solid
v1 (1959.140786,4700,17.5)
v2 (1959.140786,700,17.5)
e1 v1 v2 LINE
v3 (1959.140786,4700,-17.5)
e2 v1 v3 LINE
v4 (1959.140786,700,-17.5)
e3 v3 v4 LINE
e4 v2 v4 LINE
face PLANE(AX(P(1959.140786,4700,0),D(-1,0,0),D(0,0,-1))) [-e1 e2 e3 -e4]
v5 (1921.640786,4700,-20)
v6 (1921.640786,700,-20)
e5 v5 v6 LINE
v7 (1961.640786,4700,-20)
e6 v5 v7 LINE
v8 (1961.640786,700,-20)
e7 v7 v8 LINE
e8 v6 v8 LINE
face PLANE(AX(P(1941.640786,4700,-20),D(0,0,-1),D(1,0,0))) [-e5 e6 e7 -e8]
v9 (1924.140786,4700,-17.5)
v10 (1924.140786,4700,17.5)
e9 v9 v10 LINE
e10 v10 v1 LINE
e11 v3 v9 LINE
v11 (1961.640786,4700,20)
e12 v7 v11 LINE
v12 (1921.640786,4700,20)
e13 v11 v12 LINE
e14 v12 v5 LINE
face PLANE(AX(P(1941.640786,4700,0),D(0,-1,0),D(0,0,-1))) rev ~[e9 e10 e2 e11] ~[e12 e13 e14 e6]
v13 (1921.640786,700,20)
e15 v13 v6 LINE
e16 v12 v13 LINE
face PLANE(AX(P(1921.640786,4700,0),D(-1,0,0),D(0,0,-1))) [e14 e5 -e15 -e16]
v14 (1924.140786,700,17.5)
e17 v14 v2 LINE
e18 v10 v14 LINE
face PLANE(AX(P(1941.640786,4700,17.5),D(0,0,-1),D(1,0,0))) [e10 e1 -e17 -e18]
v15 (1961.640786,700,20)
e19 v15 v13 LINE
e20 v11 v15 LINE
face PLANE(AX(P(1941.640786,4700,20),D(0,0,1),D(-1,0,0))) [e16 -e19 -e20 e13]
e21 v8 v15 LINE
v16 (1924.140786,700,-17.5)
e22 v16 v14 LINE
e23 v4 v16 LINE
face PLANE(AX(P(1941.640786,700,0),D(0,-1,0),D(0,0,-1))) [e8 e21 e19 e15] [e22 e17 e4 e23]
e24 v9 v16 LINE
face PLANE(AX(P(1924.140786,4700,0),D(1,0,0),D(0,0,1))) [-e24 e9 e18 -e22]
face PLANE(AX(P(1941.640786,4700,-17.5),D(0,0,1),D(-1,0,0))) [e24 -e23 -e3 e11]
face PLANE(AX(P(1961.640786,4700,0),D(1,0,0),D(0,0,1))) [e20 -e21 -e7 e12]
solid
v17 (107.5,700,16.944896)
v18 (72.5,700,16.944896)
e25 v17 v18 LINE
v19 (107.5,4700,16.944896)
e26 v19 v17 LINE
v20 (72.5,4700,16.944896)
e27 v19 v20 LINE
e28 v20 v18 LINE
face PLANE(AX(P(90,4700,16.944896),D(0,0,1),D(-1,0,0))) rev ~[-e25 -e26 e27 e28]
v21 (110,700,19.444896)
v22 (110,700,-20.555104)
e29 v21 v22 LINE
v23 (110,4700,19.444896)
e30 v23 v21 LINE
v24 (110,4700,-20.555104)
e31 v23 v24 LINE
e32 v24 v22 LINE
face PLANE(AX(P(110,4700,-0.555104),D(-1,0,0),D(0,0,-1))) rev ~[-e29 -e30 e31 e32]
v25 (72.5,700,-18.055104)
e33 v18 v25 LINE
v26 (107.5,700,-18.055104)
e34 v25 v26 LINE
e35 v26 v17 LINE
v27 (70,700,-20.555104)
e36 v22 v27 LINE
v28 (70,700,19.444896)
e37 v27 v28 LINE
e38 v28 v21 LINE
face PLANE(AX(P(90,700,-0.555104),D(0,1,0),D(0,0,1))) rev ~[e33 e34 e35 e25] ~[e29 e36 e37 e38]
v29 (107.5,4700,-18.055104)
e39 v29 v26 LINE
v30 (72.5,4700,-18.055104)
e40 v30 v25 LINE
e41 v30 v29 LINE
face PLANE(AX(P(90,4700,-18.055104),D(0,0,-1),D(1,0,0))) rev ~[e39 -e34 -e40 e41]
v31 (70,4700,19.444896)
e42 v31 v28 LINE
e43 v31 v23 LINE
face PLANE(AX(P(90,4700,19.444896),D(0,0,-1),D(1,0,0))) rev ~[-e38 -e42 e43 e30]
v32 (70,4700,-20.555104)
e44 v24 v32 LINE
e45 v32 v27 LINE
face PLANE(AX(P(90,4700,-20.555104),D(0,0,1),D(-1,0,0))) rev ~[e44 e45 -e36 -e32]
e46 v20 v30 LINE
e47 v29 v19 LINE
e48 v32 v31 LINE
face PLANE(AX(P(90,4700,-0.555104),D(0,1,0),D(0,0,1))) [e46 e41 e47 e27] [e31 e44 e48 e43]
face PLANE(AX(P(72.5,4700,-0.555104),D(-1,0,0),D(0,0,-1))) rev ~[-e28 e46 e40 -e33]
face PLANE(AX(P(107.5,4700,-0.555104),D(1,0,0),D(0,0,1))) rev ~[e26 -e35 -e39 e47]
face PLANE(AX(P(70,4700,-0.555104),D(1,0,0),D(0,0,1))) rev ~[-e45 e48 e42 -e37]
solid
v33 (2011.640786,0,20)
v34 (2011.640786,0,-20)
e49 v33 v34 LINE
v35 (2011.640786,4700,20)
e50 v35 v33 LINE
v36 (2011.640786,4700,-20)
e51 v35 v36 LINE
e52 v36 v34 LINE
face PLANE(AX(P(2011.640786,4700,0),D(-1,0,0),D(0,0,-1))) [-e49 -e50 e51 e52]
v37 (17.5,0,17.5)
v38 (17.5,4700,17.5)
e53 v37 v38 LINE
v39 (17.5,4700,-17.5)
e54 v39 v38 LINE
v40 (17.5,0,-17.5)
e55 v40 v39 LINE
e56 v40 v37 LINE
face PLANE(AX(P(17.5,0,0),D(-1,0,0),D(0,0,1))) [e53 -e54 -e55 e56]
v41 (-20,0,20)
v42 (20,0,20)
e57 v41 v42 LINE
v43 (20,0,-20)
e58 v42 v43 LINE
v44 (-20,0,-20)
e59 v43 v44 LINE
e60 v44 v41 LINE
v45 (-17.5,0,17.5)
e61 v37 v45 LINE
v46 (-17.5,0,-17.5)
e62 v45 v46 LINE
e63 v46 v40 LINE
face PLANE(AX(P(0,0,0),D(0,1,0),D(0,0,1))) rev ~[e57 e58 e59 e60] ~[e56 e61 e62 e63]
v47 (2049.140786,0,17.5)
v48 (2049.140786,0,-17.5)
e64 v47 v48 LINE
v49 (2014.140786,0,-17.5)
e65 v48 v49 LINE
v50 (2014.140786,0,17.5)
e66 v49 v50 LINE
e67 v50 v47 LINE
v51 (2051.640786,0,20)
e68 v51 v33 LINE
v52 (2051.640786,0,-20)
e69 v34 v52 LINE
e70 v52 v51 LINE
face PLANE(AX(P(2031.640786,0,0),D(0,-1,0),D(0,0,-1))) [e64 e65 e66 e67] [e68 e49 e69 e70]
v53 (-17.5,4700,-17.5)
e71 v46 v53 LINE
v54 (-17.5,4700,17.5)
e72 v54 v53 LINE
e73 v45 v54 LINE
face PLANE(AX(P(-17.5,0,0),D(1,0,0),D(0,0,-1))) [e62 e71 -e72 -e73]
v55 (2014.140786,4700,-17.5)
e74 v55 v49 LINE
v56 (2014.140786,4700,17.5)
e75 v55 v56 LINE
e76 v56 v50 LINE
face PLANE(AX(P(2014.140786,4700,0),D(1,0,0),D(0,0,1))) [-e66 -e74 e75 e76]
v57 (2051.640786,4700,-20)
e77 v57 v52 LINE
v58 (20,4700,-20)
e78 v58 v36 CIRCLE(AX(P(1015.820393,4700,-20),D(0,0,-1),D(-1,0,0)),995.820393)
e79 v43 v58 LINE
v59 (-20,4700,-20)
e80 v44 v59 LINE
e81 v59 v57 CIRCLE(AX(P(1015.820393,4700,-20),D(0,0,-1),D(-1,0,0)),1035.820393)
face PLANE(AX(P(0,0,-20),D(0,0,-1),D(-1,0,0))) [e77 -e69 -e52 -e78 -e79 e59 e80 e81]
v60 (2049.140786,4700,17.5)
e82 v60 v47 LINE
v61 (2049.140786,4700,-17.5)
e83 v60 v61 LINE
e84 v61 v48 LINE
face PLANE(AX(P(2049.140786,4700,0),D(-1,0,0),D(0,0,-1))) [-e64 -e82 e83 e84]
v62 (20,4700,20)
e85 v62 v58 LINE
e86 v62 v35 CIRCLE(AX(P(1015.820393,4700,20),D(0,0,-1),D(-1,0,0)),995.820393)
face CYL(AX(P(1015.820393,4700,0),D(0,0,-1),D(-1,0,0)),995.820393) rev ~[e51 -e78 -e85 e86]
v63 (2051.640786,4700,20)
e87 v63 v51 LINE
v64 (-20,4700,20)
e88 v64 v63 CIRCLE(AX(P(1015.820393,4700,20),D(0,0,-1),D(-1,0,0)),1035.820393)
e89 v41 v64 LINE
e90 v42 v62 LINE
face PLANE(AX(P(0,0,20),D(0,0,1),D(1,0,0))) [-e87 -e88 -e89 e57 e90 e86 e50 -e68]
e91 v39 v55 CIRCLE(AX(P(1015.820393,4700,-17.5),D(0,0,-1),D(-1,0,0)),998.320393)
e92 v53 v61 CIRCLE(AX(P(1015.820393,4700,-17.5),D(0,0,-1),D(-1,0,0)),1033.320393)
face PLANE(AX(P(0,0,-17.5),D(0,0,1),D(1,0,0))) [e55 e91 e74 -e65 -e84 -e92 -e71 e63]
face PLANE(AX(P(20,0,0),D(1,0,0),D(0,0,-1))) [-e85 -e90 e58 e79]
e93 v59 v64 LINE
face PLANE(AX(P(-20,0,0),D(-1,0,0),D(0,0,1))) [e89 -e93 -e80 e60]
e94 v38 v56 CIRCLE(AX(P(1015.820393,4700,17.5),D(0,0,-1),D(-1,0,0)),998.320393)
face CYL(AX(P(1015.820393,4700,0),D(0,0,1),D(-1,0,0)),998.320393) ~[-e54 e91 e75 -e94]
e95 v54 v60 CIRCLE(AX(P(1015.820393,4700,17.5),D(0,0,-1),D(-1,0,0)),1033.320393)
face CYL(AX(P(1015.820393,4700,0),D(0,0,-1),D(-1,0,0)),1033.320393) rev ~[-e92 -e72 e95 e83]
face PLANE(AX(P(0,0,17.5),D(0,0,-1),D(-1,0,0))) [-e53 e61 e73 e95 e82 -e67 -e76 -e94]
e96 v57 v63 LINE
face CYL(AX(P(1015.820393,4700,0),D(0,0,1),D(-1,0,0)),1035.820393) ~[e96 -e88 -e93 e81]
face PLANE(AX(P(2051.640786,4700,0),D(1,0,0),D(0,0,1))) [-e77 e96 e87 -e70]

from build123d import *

# Parameters (mm, degrees)
SKETCH1_W    = 40
SKETCH1_H    = 40
SKETCH1_W_2  = 35
SKETCH1_H_2  = 35
SKETCH3_W    = 40
SKETCH3_H    = 40
SKETCH3_W_2  = 35
SKETCH3_H_2  = 35
SKETCH10_W   = 40
SKETCH10_H   = 40
SKETCH10_W_2 = 35
SKETCH10_H_2 = 35


with BuildPart() as part:
    # Sweep1: sweep along a path in Sketch2
    with BuildLine(Plane.XY) as sweep1_path:
        Line((0, 0), (0, 4700))
        ThreePointArc((0, 4700), (1015.820393, 5715.820393), (2031.640786, 4700))
        Line((2031.640786, 4700), (2031.640786, 0))
    # Sketch1 → Sweep1 (sweep)
    with BuildSketch(Plane(origin=(0, 0, 0), x_dir=(1, 0, 0), z_dir=(0, 1, 0))):
        Rectangle(SKETCH1_W, SKETCH1_H)
        Rectangle(SKETCH1_W_2, SKETCH1_H_2, mode=Mode.SUBTRACT)
    sweep(path=sweep1_path.line)


with BuildPart() as body_2:
    # Sweep2: sweep along a path in Sketch4
    with BuildLine(Plane.XY) as sweep2_path:
        Line((90, 4700), (90, 700))
    # Sketch3 → Sweep2 (sweep)
    with BuildSketch(Plane(origin=(0, 4700, 0), x_dir=(1, 0, 0), z_dir=(0, 1, 0))):
        with Locations((90, 0.555104089)):
            Rectangle(SKETCH3_W, SKETCH3_H)
        with Locations((90, 0.555104089)):
            Rectangle(SKETCH3_W_2, SKETCH3_H_2, mode=Mode.SUBTRACT)
    sweep(path=sweep2_path.line)


with BuildPart() as body_3:
    # Sweep4: sweep along a path in Sketch11
    with BuildLine(Plane.XY) as sweep4_path:
        Line((1941.640786, 4700), (1941.640786, 700))
    # Sketch10 → Sweep4 (sweep)
    with BuildSketch(Plane.XZ.offset(-4700)):
        with Locations((1941.640786, 0)):
            Rectangle(SKETCH10_W, SKETCH10_H)
        with Locations((1941.640786, 0)):
            Rectangle(SKETCH10_W_2, SKETCH10_H_2, mode=Mode.SUBTRACT)
    sweep(path=sweep4_path.line)


solid = Compound([part.part, body_2.part, body_3.part])
